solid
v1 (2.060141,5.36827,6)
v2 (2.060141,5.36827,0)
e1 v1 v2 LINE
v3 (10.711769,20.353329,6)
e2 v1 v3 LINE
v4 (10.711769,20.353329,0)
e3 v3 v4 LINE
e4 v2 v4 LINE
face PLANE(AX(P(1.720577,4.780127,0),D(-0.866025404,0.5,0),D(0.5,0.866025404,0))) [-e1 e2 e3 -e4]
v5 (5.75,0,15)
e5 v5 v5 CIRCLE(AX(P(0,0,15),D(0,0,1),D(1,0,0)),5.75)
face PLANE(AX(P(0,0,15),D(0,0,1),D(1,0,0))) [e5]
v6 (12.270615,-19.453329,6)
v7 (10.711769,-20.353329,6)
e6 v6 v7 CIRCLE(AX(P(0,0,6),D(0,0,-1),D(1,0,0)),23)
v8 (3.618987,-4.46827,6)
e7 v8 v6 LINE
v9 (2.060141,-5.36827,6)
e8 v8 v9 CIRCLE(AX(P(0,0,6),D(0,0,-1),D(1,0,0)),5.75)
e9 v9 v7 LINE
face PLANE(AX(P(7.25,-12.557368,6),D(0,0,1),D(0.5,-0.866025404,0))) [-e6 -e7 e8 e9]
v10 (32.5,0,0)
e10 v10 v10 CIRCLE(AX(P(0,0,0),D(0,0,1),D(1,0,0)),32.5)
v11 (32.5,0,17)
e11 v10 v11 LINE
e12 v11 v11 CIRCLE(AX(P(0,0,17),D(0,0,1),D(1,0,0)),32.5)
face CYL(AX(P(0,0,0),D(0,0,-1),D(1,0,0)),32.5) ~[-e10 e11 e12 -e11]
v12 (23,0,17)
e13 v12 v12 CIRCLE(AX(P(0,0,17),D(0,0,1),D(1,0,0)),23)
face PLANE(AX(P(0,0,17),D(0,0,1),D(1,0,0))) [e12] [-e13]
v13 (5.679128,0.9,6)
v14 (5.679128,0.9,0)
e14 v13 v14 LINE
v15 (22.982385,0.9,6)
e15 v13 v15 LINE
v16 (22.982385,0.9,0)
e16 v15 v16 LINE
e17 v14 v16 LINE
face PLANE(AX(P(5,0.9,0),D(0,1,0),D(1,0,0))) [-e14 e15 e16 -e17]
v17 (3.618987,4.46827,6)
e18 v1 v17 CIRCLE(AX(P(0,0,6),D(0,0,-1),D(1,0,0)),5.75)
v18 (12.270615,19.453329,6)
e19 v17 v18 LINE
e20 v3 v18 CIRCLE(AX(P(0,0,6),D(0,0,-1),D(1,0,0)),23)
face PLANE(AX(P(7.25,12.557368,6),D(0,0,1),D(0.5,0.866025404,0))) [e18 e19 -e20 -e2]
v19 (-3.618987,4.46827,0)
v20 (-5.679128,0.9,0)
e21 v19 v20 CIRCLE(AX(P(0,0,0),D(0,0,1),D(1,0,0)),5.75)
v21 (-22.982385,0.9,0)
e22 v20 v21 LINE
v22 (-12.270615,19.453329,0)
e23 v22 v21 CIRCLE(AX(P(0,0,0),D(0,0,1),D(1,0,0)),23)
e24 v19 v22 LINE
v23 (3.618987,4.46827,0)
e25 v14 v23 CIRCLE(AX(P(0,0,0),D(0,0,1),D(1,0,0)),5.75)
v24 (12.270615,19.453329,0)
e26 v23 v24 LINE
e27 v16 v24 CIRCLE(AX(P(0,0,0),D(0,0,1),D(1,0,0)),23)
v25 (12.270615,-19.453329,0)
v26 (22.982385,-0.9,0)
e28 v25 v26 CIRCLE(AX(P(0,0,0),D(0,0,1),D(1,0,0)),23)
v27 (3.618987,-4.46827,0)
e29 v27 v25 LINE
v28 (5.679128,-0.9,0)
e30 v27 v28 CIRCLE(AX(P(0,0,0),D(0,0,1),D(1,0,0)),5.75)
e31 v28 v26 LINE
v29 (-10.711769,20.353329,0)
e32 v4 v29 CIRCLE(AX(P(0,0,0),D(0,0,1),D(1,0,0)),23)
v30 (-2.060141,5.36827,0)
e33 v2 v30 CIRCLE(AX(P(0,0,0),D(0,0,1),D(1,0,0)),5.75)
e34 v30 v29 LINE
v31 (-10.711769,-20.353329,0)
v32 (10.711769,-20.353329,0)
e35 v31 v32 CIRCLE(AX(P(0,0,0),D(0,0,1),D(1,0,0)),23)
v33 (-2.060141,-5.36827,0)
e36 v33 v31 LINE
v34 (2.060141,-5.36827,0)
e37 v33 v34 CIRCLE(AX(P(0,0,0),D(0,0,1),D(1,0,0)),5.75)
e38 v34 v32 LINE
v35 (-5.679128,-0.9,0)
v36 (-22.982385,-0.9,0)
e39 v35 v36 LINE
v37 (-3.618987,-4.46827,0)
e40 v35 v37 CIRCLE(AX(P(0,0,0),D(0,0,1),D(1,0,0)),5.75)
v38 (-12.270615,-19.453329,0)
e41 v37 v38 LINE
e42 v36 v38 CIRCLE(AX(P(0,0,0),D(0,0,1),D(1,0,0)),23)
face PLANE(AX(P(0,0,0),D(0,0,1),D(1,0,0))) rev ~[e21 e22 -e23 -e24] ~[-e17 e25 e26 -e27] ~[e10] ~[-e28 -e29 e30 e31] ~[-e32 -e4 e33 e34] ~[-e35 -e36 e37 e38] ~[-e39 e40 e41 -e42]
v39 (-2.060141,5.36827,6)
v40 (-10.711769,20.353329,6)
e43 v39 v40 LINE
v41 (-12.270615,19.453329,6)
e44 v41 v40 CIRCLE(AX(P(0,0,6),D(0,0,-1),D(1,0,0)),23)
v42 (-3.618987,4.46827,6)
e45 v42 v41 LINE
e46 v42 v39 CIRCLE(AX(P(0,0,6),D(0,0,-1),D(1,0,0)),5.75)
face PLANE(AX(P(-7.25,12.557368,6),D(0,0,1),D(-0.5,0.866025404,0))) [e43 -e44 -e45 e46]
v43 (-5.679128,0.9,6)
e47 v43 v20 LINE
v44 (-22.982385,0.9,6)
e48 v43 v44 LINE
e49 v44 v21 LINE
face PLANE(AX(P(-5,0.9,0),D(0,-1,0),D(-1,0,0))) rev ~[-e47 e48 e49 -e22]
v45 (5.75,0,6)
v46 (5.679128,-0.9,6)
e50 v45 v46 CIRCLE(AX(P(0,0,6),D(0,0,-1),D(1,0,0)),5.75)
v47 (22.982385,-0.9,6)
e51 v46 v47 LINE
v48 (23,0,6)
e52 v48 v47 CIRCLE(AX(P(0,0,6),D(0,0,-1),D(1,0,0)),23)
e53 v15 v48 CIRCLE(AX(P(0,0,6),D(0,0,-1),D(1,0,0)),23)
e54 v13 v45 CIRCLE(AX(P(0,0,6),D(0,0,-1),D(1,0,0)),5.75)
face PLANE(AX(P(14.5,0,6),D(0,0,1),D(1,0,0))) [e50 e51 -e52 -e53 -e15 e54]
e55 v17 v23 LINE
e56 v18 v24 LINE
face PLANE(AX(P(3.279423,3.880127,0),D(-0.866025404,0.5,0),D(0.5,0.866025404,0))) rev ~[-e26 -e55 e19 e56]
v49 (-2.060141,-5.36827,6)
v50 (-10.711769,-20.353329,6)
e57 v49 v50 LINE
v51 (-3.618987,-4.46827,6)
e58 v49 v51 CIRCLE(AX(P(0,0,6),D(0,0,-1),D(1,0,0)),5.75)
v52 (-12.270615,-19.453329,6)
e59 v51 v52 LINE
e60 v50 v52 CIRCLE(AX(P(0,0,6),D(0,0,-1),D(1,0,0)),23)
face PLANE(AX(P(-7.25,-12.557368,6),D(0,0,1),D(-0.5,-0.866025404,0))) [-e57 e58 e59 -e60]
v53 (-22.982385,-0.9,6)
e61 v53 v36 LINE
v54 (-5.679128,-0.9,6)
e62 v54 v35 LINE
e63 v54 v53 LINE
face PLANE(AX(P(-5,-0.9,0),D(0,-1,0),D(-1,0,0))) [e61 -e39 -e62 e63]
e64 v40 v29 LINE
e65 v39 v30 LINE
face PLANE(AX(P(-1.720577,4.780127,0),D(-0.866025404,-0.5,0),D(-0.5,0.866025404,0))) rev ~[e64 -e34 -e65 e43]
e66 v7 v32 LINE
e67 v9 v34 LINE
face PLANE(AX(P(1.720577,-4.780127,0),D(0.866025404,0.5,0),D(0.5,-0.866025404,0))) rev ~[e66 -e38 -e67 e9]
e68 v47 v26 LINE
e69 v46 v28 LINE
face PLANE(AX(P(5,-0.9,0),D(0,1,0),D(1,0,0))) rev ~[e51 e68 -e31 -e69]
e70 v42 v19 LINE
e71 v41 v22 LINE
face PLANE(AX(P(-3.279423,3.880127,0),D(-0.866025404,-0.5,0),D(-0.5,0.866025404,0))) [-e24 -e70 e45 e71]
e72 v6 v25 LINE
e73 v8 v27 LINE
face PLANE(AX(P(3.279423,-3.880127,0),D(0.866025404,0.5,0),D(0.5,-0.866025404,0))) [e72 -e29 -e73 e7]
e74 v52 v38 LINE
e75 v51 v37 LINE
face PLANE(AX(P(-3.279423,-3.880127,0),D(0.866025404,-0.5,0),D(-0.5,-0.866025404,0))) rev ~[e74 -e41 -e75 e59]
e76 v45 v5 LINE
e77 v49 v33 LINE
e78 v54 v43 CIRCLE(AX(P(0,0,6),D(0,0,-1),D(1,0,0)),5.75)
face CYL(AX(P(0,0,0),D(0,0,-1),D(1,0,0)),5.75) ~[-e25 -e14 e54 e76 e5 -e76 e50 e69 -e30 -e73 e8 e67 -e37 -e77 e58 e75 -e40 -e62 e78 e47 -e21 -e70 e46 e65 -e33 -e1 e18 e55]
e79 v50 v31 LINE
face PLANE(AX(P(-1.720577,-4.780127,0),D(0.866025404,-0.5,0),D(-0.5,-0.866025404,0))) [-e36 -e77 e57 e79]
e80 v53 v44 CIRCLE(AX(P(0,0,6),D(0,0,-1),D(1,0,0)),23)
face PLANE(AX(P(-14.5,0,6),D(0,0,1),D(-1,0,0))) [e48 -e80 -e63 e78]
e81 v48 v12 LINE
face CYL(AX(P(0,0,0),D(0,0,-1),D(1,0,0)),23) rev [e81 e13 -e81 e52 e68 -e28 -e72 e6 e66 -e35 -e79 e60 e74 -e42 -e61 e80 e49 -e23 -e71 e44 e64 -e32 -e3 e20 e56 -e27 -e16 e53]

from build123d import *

# Parameters (mm, degrees)
BOX_W             = 19
BOX_H             = 1.8
BOX_DEPTH         = 6
ARRAY004_COUNT    = 6
CYLINDER_R        = 5.75
CYLINDER_DEPTH    = 15
CYLINDER003_R     = 23
CYLINDER003_DEPTH = 17
CYLINDER002_R     = 32.5
CYLINDER002_DEPTH = 17


with BuildPart() as array004:
    # Box → Box (new body)
    with BuildSketch(Plane(origin=(5, -0.9, 0), x_dir=(1, 0, 0), z_dir=(0, 0, 1))):
        with Locations((9.5, 0.9)):
            Rectangle(BOX_W, BOX_H)
    extrude(amount=BOX_DEPTH)

    # Array004: Array004 ×6 about axis
    array004_axis = Axis((0, 0, 0), (0, 0, 1))


with BuildPart() as array004_1:
    add(array004.part)
    for i in range(1, ARRAY004_COUNT):
        add(array004.part.rotate(array004_axis, i * 360 / ARRAY004_COUNT))


with BuildPart() as wheel_model:
    # Cylinder → Cylinder (new body)
    with BuildSketch(Plane.XY):
        Circle(CYLINDER_R)
    extrude(amount=CYLINDER_DEPTH)

    # Fusion: union Array004
    add(array004_1.part)


with BuildPart() as cilindro003:
    # Cylinder003 → Cylinder003 (new body)
    with BuildSketch(Plane.XY):
        Circle(CYLINDER003_R)
    extrude(amount=CYLINDER003_DEPTH)


with BuildPart() as wheel_model001:
    # Cylinder002 → Cylinder002 (new body)
    with BuildSketch(Plane.XY):
        Circle(CYLINDER002_R)
    extrude(amount=CYLINDER002_DEPTH)

    # Cut003: cut Cilindro003
    add(cilindro003.part, mode=Mode.SUBTRACT)

    # Fusion002: union Wheel_model
    add(wheel_model.part)


solid = wheel_model001.part
